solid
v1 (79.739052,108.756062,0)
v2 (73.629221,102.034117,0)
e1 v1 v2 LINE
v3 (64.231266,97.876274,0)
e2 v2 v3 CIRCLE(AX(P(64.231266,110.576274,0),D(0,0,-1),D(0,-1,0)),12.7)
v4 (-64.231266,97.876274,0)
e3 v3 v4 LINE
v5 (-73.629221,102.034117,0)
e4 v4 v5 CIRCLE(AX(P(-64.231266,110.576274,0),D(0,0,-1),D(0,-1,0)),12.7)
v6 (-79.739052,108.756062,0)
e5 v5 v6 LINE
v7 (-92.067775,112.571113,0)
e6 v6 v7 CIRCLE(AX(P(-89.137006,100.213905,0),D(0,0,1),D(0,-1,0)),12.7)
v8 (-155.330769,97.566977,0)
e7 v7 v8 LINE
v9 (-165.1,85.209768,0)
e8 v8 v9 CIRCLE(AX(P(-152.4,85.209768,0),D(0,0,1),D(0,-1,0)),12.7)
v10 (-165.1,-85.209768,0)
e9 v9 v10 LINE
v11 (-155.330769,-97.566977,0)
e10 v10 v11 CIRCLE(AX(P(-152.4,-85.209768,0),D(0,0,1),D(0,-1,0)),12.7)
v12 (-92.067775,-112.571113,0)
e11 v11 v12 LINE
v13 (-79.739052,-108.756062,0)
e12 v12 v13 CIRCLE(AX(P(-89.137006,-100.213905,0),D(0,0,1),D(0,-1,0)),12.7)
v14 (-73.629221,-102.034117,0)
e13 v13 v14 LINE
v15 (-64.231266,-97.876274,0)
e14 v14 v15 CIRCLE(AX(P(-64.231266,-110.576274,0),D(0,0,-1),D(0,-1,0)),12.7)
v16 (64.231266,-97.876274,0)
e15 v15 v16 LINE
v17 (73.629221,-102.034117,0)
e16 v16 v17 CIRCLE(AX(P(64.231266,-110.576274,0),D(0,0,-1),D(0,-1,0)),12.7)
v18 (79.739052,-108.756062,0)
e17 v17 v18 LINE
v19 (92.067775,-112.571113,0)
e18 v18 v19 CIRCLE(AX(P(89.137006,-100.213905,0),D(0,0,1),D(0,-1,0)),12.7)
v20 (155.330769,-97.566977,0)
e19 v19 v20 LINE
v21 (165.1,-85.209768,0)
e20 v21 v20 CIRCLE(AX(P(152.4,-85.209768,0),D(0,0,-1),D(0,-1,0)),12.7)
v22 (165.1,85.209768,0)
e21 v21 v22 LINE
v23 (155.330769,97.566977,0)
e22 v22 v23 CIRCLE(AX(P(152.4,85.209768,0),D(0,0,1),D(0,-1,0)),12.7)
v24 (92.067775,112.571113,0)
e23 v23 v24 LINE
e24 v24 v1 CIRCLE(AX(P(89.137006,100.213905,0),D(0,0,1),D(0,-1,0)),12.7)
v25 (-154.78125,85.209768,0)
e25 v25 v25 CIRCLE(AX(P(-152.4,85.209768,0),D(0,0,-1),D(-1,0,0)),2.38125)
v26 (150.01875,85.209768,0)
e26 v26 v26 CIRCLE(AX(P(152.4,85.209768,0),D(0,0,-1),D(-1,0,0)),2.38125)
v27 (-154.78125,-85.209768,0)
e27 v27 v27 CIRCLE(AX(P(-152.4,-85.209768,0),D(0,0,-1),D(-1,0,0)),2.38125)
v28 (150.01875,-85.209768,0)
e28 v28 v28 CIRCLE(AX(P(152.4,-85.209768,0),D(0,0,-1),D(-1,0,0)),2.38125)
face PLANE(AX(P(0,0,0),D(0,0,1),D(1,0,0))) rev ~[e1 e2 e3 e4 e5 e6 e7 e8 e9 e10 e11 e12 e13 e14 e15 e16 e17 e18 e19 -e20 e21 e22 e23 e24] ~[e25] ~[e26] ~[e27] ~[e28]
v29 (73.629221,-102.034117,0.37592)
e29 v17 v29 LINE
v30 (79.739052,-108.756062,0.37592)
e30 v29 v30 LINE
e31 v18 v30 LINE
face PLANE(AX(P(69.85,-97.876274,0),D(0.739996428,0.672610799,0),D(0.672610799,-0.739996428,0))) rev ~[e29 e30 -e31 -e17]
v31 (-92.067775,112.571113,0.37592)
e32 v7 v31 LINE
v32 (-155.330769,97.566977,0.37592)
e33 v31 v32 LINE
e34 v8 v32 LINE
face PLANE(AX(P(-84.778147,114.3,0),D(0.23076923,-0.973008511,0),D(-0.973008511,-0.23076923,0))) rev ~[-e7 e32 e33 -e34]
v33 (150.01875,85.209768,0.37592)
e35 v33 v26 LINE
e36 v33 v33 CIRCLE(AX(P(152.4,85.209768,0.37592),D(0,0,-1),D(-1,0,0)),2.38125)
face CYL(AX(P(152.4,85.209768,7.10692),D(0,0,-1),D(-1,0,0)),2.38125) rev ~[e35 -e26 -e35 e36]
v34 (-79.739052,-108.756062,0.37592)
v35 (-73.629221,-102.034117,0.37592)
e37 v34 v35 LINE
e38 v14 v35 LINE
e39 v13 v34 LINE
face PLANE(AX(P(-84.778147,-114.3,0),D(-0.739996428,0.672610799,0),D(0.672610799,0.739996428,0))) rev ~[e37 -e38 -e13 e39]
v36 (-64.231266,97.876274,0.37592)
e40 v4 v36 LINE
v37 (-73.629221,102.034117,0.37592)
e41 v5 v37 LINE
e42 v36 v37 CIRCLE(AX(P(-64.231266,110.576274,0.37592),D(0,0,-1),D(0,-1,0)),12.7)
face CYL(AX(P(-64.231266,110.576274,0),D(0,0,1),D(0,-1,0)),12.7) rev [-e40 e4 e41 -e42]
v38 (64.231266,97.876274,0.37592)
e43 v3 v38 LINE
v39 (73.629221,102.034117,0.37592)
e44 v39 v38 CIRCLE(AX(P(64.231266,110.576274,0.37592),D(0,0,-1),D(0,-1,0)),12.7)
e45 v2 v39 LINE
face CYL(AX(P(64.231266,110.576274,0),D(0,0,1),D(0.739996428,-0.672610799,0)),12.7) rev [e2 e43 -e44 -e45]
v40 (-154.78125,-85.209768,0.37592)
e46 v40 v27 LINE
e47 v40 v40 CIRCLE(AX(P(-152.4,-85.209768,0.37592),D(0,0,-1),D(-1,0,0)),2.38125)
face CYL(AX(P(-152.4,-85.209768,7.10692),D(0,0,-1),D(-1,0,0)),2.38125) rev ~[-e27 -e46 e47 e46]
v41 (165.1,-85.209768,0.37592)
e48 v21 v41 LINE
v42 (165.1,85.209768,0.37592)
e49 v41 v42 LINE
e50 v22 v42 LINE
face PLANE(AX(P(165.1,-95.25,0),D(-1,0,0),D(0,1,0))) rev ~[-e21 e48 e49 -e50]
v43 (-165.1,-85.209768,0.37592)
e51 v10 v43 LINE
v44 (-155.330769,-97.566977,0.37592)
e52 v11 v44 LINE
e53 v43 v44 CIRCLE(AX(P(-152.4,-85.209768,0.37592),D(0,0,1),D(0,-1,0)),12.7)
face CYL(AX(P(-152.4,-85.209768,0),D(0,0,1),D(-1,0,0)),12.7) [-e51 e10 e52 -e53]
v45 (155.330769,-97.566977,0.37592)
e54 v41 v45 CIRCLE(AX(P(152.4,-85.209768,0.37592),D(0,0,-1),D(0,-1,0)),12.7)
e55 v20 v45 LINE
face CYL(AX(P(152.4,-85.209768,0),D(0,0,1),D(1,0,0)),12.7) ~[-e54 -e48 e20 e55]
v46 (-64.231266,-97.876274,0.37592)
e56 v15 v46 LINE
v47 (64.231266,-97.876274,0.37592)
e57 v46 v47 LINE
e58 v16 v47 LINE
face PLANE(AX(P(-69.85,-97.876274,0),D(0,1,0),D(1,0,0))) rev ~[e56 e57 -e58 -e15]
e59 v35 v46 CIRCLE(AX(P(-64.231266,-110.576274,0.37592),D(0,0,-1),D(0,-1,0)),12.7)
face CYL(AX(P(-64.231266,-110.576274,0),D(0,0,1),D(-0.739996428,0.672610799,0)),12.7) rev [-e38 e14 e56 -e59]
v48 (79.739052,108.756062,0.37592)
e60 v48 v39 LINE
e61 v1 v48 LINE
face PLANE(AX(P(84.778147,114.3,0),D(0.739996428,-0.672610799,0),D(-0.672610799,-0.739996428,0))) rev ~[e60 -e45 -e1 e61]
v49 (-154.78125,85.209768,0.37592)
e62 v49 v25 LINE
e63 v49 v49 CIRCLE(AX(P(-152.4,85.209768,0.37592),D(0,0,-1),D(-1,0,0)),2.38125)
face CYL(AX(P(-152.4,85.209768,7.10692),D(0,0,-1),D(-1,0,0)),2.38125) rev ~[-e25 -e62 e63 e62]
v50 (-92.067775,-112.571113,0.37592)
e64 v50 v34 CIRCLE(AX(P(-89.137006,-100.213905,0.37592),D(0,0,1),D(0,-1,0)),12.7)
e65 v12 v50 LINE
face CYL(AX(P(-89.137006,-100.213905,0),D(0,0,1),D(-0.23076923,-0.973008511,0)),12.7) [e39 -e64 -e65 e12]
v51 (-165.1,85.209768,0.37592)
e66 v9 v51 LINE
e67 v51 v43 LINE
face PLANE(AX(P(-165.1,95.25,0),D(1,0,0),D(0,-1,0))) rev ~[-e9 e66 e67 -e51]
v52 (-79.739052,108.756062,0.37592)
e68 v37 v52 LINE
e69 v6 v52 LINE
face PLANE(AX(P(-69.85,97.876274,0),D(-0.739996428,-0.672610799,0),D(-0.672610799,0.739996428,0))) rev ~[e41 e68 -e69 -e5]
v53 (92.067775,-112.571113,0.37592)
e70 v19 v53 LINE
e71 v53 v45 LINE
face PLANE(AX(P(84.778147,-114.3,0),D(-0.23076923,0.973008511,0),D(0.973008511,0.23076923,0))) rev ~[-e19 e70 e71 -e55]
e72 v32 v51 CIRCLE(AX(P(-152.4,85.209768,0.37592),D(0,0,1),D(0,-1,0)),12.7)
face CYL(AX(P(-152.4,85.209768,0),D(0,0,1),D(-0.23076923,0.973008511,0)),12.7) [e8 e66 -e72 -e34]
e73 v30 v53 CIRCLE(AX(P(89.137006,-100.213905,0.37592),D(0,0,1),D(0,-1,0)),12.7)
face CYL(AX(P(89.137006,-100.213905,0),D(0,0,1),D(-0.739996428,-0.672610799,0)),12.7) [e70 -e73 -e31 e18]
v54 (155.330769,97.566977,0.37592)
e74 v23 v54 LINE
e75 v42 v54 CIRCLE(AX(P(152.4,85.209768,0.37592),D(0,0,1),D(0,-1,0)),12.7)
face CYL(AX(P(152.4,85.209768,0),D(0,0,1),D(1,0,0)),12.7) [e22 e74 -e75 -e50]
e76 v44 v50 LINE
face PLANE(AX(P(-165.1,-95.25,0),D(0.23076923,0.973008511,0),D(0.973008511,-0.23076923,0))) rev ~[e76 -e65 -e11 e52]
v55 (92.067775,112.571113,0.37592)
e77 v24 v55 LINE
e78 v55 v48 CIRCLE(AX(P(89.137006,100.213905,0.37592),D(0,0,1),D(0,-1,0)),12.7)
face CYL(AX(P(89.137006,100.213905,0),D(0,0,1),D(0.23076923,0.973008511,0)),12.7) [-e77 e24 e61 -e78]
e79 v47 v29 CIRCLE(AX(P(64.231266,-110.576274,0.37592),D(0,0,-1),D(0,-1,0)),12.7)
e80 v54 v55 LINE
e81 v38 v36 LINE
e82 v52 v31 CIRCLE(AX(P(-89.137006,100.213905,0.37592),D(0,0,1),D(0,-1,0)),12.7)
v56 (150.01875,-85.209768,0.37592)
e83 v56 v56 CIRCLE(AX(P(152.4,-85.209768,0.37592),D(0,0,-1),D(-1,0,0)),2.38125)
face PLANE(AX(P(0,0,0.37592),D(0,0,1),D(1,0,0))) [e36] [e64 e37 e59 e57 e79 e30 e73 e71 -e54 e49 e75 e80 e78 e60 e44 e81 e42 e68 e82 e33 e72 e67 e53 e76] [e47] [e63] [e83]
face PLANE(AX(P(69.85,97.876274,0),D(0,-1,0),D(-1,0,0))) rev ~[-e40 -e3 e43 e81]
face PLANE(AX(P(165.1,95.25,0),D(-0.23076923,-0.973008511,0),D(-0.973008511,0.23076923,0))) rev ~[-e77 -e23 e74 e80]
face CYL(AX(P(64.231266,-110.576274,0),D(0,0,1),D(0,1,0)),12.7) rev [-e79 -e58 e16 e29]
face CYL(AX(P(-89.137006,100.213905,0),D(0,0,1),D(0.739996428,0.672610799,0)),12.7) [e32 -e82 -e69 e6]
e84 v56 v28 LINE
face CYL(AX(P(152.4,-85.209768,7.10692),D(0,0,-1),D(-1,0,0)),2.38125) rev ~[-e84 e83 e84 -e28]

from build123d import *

# Parameters (mm, degrees)
F1_DEPTH = 0.37592
F2_R     = 12.7
F4_D     = 4.7625
F4_DEPTH = 6.731


with BuildPart() as f1:
    # F0 (on Top) → F1 (new body)
    with BuildSketch(Plane.XY):
        Polygon((165.1, -95.25), (165.1, 95.25), (84.778147, 114.3), (69.85, 97.876274), (0, 97.876274), (-69.85, 97.876274), (-84.778147, 114.3), (-165.1, 95.25), (-165.1, -95.25), (-84.778147, -114.3), (-69.85, -97.876274), (0, -97.876274), (69.85, -97.876274), (84.778147, -114.3), align=None)
    extrude(amount=F1_DEPTH)

    # F2
    f2_edges = [f1.edges().sort_by_distance(p)[0] for p in [
        (-165.1, -95.25, 0.18796),
        (-84.778147, -114.3, 0.18796),
        (-69.85, -97.876274, 0.18796),
        (69.85, -97.876274, 0.18796),
        (84.778147, -114.3, 0.18796),
        (165.1, -95.25, 0.18796),
        (165.1, 95.25, 0.18796),
        (84.778147, 114.3, 0.18796),
        (69.85, 97.876274, 0.18796),
        (-69.85, 97.876274, 0.18796),
        (-84.778147, 114.3, 0.18796),
        (-165.1, 95.25, 0.18796),
    ]]
    fillet(f2_edges, radius=F2_R)

    # F4
    with Locations(Plane.XY.offset(0.37592)):
        with Locations((152.4, -85.209768), (-152.4, -85.209768), (-152.4, 85.209768), (152.4, 85.209768)):
            Hole(F4_D / 2, depth=F4_DEPTH)


solid = f1.part
